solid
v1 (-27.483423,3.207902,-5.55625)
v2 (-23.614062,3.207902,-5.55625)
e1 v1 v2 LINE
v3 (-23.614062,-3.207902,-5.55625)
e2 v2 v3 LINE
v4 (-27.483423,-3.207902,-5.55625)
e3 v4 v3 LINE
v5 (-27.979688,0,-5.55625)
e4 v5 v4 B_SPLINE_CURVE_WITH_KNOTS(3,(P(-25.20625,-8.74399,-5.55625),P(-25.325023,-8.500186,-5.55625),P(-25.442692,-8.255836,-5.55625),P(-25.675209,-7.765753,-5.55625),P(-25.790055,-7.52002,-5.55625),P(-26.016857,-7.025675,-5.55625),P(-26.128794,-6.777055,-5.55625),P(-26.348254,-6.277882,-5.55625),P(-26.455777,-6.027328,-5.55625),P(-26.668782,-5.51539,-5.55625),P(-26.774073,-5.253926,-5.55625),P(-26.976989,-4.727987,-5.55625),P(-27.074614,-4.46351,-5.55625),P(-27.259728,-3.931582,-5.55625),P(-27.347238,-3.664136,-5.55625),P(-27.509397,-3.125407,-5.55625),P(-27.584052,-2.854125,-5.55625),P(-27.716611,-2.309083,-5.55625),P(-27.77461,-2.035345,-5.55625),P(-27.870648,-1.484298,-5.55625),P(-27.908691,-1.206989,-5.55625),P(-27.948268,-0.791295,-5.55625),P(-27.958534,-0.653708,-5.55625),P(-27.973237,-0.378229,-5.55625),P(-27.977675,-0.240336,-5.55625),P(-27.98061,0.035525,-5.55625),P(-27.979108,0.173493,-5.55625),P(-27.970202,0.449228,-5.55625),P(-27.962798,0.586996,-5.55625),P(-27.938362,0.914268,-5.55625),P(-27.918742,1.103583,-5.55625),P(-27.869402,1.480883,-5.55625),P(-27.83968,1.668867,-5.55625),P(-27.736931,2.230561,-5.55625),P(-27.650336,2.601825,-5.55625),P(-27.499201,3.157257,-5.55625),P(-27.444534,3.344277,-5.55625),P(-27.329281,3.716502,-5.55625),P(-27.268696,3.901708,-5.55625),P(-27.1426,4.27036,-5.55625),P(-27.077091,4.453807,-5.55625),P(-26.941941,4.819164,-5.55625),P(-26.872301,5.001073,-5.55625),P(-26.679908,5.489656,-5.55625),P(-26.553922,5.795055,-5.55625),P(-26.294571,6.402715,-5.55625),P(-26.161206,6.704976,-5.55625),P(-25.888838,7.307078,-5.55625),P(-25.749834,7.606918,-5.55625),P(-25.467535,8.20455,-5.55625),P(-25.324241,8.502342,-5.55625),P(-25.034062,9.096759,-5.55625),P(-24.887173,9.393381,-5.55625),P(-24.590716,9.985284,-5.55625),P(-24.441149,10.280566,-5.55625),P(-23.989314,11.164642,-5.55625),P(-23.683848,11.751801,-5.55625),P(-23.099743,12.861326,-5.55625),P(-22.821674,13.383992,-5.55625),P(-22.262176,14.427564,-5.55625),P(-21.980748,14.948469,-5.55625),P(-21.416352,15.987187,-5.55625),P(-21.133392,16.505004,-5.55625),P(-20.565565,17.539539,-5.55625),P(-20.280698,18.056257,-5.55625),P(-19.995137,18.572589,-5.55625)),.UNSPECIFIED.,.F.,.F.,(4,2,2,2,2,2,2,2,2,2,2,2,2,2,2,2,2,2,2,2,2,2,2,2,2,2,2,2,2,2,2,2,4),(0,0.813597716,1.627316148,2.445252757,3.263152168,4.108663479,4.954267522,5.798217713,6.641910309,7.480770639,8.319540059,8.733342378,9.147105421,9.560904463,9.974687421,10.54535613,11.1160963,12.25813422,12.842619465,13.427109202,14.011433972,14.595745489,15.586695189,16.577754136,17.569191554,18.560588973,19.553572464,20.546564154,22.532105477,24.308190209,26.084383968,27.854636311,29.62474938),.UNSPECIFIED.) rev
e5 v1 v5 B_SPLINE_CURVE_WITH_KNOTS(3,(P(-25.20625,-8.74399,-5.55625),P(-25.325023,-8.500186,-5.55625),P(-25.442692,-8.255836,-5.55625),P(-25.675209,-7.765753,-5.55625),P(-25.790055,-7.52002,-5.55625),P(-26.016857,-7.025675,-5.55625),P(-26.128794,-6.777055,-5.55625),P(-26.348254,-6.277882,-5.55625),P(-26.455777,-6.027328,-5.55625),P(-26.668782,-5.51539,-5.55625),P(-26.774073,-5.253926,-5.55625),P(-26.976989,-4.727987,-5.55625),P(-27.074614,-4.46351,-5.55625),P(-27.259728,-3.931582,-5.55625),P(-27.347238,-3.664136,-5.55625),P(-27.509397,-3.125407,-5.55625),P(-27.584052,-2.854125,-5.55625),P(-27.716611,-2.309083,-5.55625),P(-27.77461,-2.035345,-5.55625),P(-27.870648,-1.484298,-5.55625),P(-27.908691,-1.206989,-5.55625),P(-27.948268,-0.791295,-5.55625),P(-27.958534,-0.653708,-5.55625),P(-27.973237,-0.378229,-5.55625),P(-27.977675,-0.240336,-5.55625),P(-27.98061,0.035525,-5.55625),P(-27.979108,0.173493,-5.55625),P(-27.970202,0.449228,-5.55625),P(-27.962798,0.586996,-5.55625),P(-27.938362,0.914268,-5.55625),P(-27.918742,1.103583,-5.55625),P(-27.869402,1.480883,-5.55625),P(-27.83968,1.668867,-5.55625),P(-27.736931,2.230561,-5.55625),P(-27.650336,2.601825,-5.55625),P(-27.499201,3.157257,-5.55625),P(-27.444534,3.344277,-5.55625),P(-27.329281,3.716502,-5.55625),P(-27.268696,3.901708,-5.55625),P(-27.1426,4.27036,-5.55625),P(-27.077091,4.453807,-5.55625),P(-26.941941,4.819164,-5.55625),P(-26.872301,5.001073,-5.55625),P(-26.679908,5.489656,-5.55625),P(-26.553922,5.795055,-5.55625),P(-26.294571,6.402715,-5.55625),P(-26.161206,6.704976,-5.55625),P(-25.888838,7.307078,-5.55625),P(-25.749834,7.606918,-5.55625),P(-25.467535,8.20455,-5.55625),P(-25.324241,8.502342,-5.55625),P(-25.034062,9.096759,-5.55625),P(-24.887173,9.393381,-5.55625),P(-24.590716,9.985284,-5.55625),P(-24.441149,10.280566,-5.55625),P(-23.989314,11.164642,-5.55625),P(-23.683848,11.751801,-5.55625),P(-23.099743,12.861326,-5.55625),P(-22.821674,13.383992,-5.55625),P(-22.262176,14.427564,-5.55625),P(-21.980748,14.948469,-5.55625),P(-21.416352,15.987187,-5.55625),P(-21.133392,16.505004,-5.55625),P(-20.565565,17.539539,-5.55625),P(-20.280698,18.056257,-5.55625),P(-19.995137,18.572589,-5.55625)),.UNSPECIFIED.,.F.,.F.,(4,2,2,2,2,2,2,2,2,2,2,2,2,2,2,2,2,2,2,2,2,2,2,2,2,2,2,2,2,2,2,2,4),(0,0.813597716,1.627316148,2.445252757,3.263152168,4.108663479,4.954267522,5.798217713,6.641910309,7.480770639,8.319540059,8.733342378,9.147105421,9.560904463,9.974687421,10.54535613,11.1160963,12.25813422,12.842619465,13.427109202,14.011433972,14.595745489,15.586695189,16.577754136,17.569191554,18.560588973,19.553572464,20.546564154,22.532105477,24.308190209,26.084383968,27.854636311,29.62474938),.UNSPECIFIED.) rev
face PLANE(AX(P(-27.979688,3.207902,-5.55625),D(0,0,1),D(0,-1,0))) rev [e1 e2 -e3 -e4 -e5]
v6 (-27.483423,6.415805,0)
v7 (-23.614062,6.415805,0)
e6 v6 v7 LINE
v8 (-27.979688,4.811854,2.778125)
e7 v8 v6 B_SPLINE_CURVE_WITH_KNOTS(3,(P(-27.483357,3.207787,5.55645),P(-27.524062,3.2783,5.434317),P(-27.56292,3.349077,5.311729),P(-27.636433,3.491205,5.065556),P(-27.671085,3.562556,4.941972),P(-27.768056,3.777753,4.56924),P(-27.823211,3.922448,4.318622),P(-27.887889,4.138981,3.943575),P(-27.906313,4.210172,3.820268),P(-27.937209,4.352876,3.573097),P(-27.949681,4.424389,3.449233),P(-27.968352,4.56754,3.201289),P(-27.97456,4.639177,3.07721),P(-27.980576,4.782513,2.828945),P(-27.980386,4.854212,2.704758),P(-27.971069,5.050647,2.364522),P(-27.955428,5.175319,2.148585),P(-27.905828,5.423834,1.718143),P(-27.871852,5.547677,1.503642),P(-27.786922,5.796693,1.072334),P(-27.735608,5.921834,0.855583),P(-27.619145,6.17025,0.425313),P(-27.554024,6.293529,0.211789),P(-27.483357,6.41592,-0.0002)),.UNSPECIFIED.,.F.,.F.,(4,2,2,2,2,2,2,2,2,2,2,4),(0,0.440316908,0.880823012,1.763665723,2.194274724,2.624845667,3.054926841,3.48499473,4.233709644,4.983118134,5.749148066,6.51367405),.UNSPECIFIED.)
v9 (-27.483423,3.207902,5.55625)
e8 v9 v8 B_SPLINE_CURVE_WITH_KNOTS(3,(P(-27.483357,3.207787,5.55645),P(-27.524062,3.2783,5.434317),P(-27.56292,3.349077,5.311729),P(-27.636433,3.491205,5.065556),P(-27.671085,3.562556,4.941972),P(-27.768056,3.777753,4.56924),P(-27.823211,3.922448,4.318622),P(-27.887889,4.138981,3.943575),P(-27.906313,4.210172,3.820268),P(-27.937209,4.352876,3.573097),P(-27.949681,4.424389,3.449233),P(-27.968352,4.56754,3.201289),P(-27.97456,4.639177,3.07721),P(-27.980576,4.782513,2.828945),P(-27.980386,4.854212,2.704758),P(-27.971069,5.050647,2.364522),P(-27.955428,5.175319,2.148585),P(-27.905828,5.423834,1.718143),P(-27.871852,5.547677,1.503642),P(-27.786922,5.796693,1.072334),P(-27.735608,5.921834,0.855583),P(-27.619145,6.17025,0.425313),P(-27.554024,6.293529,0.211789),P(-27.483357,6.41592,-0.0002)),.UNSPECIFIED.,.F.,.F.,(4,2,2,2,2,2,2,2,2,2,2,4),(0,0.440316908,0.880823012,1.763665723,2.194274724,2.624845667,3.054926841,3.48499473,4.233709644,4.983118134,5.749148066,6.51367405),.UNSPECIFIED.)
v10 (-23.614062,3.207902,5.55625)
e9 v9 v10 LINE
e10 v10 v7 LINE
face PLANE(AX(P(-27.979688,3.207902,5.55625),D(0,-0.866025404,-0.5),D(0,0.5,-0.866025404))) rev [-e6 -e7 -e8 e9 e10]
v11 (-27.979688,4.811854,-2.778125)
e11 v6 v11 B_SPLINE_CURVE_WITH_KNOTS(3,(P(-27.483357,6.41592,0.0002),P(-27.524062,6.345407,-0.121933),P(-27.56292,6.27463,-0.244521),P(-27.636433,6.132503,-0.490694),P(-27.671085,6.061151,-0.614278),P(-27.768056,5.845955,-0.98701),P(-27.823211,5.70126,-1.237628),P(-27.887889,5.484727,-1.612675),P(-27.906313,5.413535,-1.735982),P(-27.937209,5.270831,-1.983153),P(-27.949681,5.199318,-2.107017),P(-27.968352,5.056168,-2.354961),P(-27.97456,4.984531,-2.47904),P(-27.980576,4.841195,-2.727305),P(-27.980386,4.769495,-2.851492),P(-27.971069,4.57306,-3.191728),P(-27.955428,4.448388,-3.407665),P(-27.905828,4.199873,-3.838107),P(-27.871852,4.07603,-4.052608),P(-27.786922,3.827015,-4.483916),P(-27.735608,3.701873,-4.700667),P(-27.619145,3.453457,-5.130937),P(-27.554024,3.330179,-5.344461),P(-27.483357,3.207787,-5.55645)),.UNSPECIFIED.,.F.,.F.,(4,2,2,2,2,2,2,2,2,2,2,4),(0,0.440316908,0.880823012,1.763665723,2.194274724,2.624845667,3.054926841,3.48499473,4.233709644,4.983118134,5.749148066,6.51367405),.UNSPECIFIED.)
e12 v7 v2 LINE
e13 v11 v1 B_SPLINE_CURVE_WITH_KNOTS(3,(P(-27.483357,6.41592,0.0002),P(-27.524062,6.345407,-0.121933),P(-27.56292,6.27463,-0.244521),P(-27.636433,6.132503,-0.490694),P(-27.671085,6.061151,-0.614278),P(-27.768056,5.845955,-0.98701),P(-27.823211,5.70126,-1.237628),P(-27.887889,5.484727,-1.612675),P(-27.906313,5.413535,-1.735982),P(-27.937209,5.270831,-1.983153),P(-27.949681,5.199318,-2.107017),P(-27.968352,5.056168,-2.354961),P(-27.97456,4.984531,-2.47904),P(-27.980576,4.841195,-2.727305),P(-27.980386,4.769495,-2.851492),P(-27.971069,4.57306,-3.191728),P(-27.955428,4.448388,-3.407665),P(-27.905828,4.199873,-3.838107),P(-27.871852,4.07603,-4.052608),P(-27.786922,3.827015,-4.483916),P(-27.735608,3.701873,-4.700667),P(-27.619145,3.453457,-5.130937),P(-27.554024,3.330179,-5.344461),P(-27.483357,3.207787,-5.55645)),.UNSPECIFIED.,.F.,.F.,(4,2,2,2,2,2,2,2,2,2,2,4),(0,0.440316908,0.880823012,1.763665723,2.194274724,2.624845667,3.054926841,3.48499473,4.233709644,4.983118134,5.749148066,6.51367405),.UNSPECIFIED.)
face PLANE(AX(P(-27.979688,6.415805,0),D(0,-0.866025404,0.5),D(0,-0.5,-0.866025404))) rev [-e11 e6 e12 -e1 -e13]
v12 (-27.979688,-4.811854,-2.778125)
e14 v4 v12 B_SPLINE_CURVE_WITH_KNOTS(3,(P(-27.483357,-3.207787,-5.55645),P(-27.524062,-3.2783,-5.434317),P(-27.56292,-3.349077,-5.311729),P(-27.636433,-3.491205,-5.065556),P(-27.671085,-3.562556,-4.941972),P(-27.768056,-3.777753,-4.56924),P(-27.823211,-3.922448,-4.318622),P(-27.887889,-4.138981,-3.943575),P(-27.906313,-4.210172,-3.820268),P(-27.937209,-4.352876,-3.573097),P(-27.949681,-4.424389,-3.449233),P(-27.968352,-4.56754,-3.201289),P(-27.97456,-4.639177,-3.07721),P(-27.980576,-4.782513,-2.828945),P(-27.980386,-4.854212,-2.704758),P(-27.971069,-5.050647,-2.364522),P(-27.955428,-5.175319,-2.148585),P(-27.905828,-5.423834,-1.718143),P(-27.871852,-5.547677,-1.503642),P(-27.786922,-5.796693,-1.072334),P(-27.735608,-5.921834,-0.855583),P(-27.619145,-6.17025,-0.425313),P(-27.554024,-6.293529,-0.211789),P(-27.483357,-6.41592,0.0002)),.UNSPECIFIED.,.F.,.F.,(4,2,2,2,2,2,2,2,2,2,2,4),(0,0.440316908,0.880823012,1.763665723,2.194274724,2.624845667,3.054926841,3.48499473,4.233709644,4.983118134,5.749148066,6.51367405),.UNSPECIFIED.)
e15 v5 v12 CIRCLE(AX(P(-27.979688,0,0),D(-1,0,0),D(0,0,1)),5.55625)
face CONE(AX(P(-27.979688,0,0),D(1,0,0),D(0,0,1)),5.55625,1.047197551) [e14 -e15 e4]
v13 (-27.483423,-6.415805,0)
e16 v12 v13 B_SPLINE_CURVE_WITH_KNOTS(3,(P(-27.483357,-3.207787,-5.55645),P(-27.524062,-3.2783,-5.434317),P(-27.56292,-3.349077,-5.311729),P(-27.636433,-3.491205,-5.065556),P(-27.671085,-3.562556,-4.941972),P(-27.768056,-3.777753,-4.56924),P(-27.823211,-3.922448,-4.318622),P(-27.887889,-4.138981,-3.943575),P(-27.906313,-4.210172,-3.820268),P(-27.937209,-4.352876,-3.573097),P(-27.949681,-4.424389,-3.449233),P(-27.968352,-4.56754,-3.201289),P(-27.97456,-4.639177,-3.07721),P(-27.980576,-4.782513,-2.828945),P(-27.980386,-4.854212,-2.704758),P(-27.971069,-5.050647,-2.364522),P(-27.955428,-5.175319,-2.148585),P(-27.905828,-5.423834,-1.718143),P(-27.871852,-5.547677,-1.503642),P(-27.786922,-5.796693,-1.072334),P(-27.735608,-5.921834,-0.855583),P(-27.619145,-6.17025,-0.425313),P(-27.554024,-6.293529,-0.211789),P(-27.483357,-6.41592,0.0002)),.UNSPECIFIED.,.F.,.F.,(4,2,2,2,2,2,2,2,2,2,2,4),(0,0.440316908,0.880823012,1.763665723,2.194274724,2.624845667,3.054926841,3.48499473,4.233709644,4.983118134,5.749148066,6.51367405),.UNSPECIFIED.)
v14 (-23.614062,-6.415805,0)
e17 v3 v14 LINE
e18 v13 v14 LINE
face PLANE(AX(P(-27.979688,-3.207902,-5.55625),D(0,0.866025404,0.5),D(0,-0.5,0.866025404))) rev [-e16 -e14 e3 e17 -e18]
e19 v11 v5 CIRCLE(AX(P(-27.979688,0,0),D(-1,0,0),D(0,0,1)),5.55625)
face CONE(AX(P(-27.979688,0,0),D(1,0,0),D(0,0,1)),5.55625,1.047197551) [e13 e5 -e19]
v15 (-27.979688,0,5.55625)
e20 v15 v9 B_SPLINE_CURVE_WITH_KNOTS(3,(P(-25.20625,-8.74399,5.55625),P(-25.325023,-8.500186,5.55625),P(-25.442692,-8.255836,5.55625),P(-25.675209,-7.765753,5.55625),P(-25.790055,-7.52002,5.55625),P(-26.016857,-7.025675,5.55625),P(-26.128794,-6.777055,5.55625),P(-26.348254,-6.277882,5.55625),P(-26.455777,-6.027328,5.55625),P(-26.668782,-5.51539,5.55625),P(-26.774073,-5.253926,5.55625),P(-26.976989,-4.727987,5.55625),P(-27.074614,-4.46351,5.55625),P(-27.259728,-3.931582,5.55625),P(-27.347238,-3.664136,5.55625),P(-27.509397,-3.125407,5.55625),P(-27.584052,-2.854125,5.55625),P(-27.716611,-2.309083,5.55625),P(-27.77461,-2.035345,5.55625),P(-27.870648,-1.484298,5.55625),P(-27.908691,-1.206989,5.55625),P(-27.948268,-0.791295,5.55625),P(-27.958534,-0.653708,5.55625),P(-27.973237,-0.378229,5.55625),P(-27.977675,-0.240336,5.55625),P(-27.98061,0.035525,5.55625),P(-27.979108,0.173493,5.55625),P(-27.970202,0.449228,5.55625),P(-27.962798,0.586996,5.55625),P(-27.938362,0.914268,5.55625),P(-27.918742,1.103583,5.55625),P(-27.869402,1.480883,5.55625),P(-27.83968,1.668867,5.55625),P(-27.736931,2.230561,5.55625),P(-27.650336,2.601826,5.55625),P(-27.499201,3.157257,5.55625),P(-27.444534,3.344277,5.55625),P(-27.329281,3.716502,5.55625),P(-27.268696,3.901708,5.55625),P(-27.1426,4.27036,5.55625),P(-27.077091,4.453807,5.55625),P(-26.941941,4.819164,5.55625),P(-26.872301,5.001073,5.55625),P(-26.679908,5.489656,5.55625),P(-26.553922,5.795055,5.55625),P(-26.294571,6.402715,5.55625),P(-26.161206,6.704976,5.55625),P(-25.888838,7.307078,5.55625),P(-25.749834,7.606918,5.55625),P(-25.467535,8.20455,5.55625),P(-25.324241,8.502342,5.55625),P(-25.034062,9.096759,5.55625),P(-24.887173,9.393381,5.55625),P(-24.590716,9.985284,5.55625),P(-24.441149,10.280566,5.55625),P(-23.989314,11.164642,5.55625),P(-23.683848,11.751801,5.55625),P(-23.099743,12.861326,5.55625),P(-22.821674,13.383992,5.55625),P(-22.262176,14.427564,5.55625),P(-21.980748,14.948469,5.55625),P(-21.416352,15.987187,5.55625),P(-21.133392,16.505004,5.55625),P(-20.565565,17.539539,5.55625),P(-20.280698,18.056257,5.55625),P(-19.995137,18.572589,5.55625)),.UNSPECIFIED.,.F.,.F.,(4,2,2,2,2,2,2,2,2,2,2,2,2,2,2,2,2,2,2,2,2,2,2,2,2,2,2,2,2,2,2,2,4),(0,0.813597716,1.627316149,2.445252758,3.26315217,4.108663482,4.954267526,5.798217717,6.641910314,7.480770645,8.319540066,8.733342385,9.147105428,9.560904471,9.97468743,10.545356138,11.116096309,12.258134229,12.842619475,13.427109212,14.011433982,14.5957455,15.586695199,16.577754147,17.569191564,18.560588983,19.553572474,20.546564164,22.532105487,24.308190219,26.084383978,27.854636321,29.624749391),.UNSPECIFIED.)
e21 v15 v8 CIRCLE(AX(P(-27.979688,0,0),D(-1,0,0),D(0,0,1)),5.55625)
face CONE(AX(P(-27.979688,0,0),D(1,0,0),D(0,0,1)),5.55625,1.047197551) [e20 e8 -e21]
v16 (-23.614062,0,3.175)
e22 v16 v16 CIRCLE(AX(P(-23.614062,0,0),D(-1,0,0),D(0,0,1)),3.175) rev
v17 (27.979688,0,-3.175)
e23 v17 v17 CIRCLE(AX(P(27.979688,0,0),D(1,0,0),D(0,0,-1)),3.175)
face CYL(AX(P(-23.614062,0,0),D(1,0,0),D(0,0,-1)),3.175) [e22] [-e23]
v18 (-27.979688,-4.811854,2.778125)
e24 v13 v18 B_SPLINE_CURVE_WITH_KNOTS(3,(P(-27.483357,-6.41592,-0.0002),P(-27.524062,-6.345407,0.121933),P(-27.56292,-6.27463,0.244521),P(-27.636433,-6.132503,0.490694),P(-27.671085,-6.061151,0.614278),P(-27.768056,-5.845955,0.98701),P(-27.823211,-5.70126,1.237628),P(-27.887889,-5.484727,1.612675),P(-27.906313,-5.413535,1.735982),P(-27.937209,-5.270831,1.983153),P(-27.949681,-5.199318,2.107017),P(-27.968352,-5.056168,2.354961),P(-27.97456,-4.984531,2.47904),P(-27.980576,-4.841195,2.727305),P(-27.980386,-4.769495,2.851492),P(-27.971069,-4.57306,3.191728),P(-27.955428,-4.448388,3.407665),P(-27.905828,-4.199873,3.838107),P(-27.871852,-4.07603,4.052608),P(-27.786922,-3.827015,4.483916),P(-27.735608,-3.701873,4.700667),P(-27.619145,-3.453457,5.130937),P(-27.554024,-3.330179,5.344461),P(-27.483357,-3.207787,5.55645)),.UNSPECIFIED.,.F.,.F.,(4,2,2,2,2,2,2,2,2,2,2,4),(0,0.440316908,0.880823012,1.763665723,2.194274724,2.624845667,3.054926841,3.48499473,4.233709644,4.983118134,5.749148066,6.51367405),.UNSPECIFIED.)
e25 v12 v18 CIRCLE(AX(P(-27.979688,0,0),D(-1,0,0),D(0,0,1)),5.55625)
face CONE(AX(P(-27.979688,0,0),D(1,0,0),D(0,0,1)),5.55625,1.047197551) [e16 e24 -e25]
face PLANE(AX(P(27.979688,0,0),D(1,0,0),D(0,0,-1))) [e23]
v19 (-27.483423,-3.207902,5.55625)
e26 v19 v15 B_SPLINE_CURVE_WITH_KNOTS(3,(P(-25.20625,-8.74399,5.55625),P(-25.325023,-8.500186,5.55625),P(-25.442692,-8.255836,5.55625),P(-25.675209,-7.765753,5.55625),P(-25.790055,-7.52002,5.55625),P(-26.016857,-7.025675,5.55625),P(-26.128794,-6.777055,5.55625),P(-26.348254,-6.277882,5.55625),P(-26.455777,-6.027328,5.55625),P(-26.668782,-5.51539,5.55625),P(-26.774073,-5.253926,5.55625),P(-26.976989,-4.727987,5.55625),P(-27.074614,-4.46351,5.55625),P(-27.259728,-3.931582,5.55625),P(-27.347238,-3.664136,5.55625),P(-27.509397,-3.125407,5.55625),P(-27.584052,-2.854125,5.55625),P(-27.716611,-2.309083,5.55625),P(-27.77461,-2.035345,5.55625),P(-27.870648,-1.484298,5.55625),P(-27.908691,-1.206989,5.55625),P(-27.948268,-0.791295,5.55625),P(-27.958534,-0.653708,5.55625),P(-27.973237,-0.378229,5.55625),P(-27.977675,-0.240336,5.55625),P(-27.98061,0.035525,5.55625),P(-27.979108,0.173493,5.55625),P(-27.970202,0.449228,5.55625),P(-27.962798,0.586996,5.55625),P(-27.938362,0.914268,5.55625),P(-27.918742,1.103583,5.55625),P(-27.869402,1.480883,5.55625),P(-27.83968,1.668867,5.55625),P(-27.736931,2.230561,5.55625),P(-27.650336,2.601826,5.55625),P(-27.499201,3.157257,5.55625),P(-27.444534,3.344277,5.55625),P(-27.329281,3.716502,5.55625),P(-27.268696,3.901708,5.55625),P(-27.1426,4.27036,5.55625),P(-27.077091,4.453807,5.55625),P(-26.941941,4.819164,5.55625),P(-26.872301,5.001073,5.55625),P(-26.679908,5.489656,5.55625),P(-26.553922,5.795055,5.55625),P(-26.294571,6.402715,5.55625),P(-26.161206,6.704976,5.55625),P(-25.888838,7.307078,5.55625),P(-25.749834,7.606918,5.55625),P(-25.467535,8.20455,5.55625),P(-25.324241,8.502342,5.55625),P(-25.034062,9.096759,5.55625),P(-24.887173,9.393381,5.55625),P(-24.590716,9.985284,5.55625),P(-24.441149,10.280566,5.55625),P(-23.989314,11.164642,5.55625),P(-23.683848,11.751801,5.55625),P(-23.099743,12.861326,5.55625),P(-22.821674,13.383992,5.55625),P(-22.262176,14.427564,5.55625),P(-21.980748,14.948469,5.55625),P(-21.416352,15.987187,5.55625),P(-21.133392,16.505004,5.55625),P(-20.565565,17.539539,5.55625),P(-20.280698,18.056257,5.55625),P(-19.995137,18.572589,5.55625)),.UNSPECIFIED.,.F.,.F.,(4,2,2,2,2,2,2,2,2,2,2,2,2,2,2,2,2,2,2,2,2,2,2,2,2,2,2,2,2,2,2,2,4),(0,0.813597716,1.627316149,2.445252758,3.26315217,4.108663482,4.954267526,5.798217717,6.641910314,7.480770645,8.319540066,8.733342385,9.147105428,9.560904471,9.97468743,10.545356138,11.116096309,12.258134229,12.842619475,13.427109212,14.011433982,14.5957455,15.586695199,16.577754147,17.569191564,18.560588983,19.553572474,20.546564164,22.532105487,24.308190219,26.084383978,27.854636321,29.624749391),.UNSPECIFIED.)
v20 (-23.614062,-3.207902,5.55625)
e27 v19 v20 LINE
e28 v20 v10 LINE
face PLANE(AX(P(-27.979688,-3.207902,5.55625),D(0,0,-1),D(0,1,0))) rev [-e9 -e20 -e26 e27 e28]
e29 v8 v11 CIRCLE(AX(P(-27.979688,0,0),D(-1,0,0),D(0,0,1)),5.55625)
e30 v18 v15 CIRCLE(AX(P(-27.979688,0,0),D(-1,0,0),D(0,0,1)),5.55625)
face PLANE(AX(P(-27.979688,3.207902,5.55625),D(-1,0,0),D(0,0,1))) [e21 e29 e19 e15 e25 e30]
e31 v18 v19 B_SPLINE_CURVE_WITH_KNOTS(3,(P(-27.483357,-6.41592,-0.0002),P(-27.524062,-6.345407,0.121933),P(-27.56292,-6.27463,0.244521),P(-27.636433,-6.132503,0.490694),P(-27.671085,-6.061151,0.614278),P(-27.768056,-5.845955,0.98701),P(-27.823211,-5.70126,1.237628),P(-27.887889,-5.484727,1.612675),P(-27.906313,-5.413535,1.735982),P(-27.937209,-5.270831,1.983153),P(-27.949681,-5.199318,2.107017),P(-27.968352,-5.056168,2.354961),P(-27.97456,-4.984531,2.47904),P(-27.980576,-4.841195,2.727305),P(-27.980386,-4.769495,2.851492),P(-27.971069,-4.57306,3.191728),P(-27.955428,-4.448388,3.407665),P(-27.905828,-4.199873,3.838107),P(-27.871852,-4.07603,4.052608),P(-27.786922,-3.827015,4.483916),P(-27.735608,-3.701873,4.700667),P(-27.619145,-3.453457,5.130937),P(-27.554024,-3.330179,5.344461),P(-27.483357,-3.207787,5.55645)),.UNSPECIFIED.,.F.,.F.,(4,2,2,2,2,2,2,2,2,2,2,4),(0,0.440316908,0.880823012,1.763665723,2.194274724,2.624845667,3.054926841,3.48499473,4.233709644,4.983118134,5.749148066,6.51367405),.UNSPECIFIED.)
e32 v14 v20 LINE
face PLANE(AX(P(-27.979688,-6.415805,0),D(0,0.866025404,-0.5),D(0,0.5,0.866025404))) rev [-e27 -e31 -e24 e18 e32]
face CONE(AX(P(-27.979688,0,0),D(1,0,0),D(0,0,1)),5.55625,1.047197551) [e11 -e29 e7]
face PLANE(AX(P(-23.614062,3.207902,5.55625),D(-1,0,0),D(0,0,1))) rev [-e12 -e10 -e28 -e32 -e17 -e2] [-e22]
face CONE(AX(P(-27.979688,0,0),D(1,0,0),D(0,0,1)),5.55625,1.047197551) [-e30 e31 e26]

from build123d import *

# Parameters (mm, degrees)
SKETCH5_R           = 3.175
BOSS_EXTRUDE3_DEPTH = 51.59375
BOSS_EXTRUDE4_DEPTH = 4.365625
SKETCH8_OUTSIDE_W   = 224.338
SKETCH8_OUTSIDE_H   = 226.058
SKETCH8_OUTSIDE_R   = 5.55625
CUT_EXTRUDE3_DEPTH  = 57.599347315
CUT_EXTRUDE3_DRAFT  = -60


with BuildPart() as part:
    # Sketch5 → Boss-Extrude3 (new body)
    with BuildSketch(Plane(origin=(27.9796875, 0, 0), x_dir=(0, 0, -1), z_dir=(1, 0, 0))):
        Circle(SKETCH5_R)
    extrude(amount=-BOSS_EXTRUDE3_DEPTH)

    # Sketch6 → Boss-Extrude4 (add)
    with BuildSketch(Plane.ZY.offset(23.6140625)):
        Polygon((5.55625, 3.207902433), (0, 6.415804866), (-5.55625, 3.207902433), (-5.55625, -3.207902433), (0, -6.415804866), (5.55625, -3.207902433), align=None)
    extrude(amount=BOSS_EXTRUDE4_DEPTH)


with BuildPart() as cut_extrude3_tool:
    # Sketch8 outside → Cut-Extrude3 (with draft: the straight prism first)
    with BuildSketch(Plane.ZY.offset(27.9796875)):
        Rectangle(SKETCH8_OUTSIDE_W, SKETCH8_OUTSIDE_H)
        Circle(SKETCH8_OUTSIDE_R, mode=Mode.SUBTRACT)
    extrude(amount=-CUT_EXTRUDE3_DEPTH)
    # Cut-Extrude3: the draft: its side faces are tilted about the plane it starts from
    cut_extrude3_sides = [cut_extrude3_tool.faces().sort_by_distance(p)[0] for p in [
        (0.819986158, -113.029, 0),
        (0.819986158, 0, 112.169),
        (0.819986158, 113.029, 0),
        (0.819986158, 0, -112.169),
        (0.819986158, 0, -5.55625),
    ]]
    draft(cut_extrude3_sides, Plane.ZY.offset(27.9796875), CUT_EXTRUDE3_DRAFT)


with BuildPart() as part_1:
    add(part.part)

    # Cut-Extrude3: cut by cut_extrude3_tool
    add(cut_extrude3_tool.part, mode=Mode.SUBTRACT)


solid = part_1.part
